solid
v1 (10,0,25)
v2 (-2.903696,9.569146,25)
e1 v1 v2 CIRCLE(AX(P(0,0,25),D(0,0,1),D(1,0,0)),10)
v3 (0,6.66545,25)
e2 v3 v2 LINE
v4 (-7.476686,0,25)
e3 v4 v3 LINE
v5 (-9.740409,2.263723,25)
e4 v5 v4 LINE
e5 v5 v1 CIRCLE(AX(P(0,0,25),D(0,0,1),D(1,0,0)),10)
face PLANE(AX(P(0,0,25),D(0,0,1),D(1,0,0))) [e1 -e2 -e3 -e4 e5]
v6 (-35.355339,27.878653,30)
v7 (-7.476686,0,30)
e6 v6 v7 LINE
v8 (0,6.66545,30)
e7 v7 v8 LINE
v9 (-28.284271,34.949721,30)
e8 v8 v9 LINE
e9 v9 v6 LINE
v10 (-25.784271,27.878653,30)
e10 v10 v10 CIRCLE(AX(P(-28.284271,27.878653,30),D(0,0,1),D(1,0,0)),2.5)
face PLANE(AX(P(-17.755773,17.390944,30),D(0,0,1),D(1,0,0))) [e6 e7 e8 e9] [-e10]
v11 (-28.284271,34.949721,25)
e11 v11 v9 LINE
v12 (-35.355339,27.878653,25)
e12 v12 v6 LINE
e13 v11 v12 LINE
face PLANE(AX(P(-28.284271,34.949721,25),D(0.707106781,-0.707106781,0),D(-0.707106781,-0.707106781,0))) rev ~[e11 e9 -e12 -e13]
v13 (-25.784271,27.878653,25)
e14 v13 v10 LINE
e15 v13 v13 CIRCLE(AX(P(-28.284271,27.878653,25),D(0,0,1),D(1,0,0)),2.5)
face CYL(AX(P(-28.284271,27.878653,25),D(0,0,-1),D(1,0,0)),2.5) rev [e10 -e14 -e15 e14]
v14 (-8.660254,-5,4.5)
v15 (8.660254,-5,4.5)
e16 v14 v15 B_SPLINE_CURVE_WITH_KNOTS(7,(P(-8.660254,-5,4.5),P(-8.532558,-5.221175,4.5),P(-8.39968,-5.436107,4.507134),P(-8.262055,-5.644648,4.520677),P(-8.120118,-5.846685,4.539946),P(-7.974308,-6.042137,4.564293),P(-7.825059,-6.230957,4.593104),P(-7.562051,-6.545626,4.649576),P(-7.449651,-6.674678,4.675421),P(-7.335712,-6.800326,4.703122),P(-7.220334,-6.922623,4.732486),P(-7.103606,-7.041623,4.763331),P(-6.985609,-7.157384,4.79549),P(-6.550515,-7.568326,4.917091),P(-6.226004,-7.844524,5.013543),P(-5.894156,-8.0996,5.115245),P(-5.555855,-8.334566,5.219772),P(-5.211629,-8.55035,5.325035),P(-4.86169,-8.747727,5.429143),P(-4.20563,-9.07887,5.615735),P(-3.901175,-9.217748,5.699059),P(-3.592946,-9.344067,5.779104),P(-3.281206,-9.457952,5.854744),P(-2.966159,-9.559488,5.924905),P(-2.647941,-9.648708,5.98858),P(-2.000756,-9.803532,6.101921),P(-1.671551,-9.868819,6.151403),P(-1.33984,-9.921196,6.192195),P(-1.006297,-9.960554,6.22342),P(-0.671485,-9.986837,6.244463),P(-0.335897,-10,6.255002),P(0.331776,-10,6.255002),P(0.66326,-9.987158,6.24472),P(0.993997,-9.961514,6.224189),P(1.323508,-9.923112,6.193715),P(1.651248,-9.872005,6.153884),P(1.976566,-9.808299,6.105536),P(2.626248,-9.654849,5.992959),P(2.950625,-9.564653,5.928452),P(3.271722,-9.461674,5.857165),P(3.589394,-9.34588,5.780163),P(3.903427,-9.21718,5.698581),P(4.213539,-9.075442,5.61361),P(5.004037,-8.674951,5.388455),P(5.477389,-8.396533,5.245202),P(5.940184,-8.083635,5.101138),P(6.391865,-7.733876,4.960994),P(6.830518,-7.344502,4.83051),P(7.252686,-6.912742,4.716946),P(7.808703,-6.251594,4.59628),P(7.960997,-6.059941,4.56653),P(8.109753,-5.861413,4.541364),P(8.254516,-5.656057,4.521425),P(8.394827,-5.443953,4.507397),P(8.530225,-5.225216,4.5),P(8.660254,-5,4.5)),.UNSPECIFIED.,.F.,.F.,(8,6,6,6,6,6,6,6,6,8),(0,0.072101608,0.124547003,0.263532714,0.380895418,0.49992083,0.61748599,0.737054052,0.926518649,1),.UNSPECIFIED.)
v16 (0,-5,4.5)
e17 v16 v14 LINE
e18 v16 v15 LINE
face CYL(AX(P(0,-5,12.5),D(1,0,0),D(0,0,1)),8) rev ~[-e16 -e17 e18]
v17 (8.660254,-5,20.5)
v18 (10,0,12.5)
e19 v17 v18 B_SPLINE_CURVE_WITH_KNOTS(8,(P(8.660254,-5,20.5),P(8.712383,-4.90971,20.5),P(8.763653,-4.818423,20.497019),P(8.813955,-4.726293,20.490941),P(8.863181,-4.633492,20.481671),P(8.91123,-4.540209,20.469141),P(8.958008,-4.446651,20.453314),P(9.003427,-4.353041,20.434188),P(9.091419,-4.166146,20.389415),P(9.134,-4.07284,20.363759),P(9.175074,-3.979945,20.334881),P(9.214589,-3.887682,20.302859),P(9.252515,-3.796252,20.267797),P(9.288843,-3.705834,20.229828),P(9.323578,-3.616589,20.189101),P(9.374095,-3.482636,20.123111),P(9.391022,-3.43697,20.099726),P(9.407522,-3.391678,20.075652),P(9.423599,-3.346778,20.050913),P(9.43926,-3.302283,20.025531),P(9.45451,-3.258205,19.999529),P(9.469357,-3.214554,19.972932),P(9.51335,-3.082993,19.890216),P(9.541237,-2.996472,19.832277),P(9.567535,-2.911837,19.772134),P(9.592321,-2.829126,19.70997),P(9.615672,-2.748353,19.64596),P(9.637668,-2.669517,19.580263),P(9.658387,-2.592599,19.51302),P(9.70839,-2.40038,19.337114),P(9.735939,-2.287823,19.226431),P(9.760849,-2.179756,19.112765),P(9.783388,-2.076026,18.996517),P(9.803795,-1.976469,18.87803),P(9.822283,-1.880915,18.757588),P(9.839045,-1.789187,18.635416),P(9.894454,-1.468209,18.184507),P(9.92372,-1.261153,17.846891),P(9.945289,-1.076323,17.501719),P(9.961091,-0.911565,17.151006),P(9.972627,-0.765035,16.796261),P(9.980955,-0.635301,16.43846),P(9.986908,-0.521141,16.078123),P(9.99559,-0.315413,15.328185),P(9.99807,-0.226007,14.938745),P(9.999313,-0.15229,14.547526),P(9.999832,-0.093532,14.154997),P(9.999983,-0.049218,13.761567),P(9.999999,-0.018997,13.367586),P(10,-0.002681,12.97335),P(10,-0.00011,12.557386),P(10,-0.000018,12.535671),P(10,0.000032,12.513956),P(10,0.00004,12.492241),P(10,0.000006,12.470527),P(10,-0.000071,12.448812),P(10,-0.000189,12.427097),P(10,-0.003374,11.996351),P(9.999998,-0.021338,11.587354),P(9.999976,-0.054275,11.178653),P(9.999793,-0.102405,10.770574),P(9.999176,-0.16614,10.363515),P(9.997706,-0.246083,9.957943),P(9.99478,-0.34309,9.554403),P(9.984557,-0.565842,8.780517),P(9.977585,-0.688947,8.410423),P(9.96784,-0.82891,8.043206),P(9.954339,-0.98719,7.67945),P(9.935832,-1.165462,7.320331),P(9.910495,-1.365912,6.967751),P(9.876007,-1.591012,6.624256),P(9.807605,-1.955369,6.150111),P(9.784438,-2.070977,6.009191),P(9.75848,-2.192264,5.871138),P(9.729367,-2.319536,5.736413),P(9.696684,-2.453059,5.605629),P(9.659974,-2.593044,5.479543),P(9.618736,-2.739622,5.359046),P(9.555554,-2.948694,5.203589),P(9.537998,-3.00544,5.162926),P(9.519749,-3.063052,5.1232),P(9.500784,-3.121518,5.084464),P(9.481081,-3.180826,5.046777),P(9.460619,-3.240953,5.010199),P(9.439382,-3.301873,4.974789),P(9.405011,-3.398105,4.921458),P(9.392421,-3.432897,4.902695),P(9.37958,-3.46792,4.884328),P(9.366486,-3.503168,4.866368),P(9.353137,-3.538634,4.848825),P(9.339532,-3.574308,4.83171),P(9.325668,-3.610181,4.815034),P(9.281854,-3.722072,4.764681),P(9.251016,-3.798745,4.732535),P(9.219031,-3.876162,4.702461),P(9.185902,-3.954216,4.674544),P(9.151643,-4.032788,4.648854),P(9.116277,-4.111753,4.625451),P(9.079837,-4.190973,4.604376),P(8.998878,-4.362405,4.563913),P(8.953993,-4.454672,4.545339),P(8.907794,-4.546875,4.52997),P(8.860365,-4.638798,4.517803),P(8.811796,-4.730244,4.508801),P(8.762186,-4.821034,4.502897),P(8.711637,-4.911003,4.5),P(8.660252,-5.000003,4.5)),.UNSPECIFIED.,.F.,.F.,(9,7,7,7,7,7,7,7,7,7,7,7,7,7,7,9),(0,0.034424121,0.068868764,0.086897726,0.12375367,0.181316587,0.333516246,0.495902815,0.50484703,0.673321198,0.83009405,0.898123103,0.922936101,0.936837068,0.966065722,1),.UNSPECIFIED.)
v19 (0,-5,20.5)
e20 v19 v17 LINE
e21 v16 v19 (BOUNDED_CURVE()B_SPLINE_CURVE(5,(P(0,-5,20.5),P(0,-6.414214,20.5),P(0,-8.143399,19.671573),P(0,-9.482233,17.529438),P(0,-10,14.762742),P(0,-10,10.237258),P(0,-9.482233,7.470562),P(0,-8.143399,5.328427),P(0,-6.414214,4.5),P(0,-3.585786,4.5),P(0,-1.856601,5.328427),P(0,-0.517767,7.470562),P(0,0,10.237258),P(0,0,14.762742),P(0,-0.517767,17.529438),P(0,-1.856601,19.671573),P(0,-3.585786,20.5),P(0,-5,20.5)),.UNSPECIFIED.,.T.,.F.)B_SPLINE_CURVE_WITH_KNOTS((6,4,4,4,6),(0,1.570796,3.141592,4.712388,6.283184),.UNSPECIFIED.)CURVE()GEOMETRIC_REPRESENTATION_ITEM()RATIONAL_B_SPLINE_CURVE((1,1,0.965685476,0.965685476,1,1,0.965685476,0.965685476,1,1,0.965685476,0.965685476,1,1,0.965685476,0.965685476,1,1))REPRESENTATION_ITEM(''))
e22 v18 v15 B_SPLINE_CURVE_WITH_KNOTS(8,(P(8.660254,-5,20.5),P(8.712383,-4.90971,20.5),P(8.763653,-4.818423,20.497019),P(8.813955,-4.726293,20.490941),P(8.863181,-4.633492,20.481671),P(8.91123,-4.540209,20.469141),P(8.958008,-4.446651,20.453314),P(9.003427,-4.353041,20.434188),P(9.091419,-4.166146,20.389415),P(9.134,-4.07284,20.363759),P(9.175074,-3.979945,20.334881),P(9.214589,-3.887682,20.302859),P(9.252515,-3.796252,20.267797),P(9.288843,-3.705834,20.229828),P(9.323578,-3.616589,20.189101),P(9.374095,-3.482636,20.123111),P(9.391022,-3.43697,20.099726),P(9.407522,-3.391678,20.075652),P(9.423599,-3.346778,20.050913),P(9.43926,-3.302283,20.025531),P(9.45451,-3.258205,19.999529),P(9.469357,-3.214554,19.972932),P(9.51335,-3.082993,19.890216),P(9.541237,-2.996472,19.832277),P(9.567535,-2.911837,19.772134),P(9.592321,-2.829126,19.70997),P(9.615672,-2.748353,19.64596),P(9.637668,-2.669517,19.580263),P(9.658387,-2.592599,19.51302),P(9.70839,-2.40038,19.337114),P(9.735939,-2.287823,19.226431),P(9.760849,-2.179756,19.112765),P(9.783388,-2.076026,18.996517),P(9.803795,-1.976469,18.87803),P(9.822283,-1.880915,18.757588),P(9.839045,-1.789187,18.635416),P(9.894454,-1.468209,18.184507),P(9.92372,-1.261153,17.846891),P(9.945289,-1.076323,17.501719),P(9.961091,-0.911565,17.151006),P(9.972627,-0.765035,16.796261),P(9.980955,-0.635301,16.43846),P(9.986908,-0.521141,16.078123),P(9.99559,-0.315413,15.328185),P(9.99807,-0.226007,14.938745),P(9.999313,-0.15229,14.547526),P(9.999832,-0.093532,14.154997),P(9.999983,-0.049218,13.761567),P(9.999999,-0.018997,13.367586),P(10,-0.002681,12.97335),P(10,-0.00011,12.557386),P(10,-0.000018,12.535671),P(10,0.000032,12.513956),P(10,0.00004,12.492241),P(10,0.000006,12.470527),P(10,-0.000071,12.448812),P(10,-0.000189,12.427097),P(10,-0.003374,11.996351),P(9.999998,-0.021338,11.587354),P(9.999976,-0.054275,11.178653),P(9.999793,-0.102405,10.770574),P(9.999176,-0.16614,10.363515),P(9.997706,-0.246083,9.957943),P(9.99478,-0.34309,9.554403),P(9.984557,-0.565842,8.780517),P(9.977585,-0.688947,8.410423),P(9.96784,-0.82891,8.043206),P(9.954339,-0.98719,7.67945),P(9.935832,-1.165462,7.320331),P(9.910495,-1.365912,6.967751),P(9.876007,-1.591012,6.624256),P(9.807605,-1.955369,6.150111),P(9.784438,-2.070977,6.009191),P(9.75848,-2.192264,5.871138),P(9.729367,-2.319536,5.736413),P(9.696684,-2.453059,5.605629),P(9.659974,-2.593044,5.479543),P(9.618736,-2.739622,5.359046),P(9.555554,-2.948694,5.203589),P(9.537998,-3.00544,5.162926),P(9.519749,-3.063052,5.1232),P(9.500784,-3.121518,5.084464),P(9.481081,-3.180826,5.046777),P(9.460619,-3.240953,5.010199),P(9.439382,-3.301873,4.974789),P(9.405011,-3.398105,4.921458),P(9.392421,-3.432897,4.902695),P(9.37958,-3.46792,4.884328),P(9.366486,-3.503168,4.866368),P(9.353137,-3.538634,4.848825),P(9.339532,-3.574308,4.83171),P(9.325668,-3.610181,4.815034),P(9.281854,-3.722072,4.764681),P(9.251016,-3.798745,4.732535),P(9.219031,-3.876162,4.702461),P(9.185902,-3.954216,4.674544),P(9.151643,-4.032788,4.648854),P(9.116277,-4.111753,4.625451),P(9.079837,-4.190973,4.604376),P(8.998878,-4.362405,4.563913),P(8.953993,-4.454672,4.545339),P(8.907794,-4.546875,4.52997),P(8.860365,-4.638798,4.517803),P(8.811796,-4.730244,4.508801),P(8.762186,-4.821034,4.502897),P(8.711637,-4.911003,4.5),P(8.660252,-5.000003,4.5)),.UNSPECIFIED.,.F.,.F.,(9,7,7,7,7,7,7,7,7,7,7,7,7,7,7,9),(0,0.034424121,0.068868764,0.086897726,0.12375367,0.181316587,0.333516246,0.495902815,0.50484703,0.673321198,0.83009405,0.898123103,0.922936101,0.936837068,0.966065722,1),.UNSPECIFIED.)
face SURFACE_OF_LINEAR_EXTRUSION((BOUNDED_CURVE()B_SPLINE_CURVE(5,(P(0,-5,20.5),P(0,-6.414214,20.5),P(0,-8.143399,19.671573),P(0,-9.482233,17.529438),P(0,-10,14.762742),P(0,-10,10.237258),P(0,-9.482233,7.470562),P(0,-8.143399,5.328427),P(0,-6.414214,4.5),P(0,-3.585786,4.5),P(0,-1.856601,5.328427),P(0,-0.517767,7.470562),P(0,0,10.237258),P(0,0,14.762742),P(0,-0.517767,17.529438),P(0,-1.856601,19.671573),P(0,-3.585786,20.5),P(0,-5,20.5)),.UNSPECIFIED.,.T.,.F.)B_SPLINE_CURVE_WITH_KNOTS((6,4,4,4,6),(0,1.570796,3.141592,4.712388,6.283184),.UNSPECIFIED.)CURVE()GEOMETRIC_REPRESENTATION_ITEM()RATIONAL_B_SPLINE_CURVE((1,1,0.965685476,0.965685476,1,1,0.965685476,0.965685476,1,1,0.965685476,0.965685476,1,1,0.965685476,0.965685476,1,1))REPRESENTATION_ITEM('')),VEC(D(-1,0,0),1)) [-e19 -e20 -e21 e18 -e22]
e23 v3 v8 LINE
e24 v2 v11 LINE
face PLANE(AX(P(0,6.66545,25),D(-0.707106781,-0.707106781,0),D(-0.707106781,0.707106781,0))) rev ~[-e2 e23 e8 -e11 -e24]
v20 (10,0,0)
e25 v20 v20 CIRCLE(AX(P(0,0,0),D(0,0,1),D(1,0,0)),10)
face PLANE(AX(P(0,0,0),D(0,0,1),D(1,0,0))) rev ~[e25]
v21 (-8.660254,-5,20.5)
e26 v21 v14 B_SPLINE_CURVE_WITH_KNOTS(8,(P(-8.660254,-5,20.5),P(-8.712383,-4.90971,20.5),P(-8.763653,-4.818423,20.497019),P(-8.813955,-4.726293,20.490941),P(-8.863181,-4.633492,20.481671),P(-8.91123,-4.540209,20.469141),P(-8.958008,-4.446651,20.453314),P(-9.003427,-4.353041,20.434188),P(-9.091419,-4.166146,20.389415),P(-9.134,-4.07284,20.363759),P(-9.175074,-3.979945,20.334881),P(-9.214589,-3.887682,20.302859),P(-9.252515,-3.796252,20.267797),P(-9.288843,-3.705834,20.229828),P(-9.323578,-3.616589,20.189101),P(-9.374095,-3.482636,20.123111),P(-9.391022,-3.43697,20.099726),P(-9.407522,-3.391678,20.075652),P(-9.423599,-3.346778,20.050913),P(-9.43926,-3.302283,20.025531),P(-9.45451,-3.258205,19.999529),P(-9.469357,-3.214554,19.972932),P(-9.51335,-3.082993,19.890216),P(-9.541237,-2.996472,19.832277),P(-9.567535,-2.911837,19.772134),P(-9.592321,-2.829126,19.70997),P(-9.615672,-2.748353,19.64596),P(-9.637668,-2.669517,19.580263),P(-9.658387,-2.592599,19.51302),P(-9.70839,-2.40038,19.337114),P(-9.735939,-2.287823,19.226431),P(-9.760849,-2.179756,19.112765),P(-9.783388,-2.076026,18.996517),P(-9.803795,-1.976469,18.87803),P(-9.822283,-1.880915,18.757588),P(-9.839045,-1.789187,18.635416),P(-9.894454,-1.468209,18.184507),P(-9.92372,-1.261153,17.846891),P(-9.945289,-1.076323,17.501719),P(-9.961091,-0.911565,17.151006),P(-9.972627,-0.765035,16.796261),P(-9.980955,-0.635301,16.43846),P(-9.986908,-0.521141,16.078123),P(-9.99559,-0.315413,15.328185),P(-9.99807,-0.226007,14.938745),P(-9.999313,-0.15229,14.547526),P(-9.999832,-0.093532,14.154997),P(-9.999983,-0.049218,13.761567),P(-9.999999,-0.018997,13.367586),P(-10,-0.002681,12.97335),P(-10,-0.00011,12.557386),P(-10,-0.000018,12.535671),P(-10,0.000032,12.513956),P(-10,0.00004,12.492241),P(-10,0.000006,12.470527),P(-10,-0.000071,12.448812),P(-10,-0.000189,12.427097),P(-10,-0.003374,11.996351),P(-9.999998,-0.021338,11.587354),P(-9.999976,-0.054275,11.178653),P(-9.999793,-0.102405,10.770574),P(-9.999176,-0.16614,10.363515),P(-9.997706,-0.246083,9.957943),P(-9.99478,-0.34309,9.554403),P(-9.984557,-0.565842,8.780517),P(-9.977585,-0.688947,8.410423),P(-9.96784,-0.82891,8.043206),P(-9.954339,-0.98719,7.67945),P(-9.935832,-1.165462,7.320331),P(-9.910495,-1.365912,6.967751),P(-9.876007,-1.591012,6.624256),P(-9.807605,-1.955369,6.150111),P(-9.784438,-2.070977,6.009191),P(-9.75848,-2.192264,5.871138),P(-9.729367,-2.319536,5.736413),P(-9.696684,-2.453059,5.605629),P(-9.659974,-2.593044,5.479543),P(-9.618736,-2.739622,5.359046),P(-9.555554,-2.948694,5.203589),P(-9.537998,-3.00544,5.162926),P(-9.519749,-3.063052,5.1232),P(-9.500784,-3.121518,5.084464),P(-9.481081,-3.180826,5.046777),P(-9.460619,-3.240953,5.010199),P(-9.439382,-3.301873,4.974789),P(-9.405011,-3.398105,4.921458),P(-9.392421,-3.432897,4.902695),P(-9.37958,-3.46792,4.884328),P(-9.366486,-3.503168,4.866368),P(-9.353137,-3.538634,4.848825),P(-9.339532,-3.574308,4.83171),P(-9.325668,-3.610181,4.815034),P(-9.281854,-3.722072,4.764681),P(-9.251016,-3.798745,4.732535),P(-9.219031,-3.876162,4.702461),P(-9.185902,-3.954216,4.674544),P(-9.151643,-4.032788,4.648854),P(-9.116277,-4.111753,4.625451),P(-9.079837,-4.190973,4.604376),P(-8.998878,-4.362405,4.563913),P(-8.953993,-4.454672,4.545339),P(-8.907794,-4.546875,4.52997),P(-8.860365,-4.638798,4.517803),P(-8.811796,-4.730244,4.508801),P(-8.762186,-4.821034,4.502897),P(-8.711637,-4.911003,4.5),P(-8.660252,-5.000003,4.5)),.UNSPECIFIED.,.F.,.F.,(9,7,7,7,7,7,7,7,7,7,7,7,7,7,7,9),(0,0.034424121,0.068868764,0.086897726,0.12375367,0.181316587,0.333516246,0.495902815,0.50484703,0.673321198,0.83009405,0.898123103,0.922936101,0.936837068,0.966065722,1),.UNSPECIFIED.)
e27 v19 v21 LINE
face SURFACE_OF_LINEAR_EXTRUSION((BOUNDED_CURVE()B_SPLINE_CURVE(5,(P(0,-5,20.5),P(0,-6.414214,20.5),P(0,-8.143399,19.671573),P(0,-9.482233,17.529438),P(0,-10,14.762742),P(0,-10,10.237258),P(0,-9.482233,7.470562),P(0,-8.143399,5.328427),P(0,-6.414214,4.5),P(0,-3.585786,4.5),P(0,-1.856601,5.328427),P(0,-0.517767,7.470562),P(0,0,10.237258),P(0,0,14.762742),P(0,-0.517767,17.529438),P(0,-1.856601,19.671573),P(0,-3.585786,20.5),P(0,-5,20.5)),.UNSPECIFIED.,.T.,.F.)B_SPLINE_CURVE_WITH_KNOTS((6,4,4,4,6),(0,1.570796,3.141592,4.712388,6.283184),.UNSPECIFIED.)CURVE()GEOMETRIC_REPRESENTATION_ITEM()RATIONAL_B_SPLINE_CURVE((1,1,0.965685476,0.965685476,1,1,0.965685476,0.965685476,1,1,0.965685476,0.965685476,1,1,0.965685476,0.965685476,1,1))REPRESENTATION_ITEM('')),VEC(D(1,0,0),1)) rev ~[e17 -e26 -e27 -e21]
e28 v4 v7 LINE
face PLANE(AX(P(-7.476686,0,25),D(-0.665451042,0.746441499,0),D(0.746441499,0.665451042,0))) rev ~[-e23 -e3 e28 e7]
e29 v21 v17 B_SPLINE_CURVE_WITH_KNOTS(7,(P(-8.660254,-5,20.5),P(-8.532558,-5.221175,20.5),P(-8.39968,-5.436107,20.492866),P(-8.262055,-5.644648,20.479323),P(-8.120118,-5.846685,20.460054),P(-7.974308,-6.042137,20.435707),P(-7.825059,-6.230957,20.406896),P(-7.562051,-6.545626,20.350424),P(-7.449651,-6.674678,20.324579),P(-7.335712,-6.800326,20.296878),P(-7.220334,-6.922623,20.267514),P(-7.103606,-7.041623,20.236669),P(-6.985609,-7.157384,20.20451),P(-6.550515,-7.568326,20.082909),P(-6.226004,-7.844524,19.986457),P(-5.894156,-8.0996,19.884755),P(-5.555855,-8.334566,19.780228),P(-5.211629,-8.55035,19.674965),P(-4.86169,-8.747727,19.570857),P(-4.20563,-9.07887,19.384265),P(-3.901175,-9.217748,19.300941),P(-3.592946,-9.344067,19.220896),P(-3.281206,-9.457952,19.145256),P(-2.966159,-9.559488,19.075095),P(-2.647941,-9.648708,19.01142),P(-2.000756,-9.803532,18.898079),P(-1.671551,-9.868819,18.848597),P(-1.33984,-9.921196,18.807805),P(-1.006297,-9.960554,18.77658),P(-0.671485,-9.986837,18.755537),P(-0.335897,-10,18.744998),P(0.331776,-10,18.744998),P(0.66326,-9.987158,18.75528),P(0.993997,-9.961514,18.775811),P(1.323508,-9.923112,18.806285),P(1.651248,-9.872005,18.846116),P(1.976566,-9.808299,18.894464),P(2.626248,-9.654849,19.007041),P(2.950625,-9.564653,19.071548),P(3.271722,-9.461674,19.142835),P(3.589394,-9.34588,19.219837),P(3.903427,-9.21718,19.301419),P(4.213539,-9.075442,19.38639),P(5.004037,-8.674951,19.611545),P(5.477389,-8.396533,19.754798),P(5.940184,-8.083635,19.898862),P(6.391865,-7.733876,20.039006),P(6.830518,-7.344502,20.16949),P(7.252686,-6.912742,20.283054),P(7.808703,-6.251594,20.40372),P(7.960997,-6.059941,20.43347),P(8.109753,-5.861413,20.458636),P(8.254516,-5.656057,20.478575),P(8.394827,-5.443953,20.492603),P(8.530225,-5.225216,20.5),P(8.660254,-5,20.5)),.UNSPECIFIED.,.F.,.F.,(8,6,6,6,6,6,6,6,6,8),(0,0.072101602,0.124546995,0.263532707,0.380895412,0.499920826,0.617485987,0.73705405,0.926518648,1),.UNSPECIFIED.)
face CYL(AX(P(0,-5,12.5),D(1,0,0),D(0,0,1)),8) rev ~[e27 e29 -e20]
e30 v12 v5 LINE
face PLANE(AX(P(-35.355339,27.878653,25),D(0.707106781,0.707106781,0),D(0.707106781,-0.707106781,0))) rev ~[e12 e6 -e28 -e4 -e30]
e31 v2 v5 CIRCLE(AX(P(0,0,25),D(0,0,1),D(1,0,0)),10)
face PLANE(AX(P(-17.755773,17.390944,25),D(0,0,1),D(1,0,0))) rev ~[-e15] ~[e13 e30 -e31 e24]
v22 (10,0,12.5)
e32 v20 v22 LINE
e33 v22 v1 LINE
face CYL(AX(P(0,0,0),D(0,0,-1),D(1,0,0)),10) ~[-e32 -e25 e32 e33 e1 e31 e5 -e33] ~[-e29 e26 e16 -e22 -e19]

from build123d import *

# Parameters (mm, degrees)
F0_R     = 10
F1_DEPTH = 25
F3_DEPTH = 12.5
F5_R     = 2.5
F6_DEPTH = 5


with BuildPart() as f1:
    # F0 (on Top) → F1 (new body)
    with BuildSketch(Plane.XY):
        Circle(F0_R)
    extrude(amount=F1_DEPTH)

    # F2 (on Right) → F3 (cut, symmetric)
    with BuildSketch(Plane.YZ):
        with BuildLine():
            add(Edge.make_bspline(
                [(-5, 4.5), (0, 4.5), (0, 12.5), (0, 20.5), (-5, 20.5)],
                knots=[3.141593, 3.141593, 3.141593, 4.712389, 4.712389, 6.283185, 6.283185, 6.283185], degree=2, weights=[1, 0.707107, 1, 0.707107, 1]))
            add(Edge.make_bspline(
                [(-5, 20.5), (-10, 20.5), (-10, 12.5), (-10, 4.5), (-5, 4.5)],
                knots=[0, 0, 0, 1.570796, 1.570796, 3.141593, 3.141593, 3.141593], degree=2, weights=[1, 0.707107, 1, 0.707107, 1]))
        make_face()
        with BuildLine():
            add(Edge.make_bspline(
                [(-5, 20.5), (-10, 20.5), (-10, 12.5), (-10, 4.5), (-5, 4.5)],
                knots=[0, 0, 0, 1.570796, 1.570796, 3.141593, 3.141593, 3.141593], degree=2, weights=[1, 0.707107, 1, 0.707107, 1]))
            ThreePointArc((-5, 20.5), (-13, 12.5), (-5, 4.5))
        make_face()
    extrude(amount=F3_DEPTH, both=True, mode=Mode.SUBTRACT)

    # F5 (on face) → F6 (join)
    with BuildSketch(Plane.XY.offset(25)):
        Polygon((-7.476686, 0), (0, 6.66545), (-28.284271, 34.949721), (-35.355339, 27.878653), align=None)
        with Locations((-28.284271, 27.878653)):
            Circle(F5_R, mode=Mode.SUBTRACT)
    extrude(amount=F6_DEPTH)


solid = f1.part
